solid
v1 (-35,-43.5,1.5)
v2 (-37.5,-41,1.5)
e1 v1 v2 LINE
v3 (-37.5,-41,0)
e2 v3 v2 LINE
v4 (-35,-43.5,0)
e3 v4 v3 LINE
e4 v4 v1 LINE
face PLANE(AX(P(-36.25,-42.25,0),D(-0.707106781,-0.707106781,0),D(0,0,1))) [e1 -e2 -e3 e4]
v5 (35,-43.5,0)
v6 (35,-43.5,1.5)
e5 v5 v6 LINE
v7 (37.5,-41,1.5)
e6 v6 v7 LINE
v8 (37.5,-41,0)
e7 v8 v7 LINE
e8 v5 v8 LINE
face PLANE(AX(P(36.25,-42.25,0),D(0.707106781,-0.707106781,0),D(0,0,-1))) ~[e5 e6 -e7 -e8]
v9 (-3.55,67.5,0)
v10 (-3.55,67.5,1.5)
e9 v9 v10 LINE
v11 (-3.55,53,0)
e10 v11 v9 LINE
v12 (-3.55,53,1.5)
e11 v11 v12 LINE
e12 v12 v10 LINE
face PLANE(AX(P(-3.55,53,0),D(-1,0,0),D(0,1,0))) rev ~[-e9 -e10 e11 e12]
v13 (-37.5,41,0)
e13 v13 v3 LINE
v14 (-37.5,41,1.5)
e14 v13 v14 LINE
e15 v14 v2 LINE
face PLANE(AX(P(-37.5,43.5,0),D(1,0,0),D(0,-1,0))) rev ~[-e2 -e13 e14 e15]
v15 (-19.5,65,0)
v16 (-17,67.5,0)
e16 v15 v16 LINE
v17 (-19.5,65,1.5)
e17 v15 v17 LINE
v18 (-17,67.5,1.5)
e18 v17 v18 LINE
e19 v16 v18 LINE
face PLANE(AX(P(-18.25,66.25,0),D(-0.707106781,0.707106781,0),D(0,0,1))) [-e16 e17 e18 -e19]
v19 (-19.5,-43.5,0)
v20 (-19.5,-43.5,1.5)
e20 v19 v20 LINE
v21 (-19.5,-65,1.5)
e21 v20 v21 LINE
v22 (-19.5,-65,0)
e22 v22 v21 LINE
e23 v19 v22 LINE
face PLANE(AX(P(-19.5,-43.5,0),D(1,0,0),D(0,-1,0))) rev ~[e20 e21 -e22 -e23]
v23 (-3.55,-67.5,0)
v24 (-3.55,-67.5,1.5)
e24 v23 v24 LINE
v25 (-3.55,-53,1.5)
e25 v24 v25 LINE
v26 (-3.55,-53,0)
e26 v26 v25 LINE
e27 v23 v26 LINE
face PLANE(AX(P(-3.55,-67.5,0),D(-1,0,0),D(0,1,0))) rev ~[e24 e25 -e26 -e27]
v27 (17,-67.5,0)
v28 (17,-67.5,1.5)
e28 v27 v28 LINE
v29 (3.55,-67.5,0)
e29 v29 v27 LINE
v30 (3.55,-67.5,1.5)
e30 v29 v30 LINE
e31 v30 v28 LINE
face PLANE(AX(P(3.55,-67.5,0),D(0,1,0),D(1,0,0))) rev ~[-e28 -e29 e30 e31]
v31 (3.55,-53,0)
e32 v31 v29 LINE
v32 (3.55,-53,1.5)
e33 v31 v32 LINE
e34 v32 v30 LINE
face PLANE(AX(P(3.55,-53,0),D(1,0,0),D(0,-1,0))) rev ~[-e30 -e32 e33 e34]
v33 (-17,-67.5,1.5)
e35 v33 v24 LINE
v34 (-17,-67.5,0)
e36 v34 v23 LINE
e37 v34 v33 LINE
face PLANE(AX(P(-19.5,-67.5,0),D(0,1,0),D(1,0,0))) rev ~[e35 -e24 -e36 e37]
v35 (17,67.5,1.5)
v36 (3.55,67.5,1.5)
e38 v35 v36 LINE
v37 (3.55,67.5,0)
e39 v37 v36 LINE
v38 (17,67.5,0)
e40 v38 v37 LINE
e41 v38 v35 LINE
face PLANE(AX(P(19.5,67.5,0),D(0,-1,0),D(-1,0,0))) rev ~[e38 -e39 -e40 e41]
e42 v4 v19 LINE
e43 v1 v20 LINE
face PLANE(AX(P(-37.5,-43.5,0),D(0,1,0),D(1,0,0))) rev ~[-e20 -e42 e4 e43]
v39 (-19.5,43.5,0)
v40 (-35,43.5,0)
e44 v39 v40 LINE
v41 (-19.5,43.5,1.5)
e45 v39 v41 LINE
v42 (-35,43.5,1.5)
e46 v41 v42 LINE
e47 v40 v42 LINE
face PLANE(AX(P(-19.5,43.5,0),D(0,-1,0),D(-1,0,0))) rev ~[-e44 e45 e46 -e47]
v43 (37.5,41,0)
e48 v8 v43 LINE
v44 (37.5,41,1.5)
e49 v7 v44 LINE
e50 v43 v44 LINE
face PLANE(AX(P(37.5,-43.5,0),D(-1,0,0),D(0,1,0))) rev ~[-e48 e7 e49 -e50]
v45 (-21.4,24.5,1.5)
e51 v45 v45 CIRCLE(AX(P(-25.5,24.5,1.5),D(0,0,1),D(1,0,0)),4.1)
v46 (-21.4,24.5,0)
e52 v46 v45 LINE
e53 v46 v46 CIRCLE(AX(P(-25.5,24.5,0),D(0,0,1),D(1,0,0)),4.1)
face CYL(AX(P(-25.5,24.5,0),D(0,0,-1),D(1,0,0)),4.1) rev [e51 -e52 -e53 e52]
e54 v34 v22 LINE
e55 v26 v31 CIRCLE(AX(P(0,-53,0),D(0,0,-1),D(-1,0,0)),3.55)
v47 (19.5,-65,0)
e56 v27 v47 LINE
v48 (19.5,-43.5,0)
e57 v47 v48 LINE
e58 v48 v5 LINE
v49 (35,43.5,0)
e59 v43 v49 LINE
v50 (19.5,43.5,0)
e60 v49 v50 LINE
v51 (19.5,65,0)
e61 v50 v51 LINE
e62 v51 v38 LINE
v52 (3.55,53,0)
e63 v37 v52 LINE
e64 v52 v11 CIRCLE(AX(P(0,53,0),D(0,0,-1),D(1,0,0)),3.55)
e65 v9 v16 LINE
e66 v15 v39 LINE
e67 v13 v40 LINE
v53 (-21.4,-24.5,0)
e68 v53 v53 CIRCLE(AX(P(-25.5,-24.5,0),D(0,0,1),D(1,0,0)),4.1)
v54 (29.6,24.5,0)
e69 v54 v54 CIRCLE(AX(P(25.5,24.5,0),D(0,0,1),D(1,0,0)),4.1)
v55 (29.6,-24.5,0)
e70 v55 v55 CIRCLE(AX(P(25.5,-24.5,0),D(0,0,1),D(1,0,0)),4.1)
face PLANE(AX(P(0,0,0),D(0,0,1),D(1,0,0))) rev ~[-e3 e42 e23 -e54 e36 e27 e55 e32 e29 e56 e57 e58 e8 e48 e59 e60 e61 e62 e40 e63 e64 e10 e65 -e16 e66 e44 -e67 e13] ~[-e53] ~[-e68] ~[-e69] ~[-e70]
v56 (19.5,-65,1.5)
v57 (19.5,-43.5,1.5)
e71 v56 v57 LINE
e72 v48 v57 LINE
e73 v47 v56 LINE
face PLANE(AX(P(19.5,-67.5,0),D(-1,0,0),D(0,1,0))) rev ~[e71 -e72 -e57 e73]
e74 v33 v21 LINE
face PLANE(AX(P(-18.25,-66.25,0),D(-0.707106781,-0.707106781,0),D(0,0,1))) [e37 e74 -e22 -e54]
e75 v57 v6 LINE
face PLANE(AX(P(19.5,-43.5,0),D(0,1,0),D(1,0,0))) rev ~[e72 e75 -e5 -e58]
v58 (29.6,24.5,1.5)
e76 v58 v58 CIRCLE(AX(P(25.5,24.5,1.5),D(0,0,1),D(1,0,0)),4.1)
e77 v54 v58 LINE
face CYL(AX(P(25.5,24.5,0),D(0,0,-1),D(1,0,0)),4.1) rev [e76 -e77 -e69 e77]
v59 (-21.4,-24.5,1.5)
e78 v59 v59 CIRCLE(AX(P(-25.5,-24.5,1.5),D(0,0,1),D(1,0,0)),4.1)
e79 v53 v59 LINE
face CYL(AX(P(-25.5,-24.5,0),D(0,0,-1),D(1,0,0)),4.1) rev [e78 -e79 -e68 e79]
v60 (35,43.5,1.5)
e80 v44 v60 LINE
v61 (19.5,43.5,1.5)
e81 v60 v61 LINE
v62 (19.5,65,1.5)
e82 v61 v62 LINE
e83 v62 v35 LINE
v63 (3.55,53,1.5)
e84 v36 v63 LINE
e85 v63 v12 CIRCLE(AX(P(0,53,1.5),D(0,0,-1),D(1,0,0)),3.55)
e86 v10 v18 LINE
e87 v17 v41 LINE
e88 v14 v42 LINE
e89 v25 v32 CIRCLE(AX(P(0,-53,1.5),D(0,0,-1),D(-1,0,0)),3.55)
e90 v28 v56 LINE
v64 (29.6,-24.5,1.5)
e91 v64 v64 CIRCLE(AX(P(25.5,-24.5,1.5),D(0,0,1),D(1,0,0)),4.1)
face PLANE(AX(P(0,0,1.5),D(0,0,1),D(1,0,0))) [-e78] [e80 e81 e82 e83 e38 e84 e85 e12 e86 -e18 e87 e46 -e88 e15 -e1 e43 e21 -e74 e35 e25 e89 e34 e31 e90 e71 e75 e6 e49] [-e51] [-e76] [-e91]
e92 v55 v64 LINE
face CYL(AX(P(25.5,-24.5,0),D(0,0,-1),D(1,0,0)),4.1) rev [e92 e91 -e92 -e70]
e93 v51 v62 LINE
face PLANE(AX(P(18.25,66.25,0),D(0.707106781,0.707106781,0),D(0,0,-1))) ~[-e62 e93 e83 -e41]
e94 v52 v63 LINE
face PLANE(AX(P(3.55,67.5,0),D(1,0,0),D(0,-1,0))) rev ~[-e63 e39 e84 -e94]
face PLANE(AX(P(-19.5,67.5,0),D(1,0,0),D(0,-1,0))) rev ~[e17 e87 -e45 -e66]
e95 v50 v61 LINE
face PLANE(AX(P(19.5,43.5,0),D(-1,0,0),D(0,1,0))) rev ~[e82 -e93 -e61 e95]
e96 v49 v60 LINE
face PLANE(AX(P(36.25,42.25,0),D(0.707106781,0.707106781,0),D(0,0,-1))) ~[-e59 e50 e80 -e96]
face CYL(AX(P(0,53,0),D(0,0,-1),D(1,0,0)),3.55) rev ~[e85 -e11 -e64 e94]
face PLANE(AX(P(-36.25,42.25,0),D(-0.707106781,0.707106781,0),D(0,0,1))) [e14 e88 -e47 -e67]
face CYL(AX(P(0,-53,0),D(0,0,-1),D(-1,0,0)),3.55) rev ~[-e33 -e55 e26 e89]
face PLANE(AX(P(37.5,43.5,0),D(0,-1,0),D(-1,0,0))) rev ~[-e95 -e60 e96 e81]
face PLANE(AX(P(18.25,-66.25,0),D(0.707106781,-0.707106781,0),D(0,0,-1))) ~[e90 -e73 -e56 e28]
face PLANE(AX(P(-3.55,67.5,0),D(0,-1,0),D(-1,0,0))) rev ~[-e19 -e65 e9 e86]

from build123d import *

# Parameters (mm, degrees)
F0_R     = 4.1
F1_DEPTH = 1.5
F2_SIZE  = 2.5


with BuildPart() as f1:
    # F0 (on Top) → F1 (new body)
    with BuildSketch(Plane.XY):
        with BuildLine():
            Line((3.55, -67.5), (19.5, -67.5))
            Line((19.5, -67.5), (19.5, -43.5))
            Line((19.5, -43.5), (37.5, -43.5))
            Line((37.5, -43.5), (37.5, 43.5))
            Line((37.5, 43.5), (19.5, 43.5))
            Line((19.5, 43.5), (19.5, 67.5))
            Line((19.5, 67.5), (3.55, 67.5))
            Line((3.55, 67.5), (3.55, 53))
            ThreePointArc((3.55, 53), (0, 49.45), (-3.55, 53))
            Line((-3.55, 53), (-3.55, 67.5))
            Line((-3.55, 67.5), (-19.5, 67.5))
            Line((-19.5, 67.5), (-19.5, 43.5))
            Line((-19.5, 43.5), (-37.5, 43.5))
            Line((-37.5, 43.5), (-37.5, -43.5))
            Line((-37.5, -43.5), (-19.5, -43.5))
            Line((-19.5, -43.5), (-19.5, -67.5))
            Line((-19.5, -67.5), (-3.55, -67.5))
            Line((-3.55, -67.5), (-3.55, -53))
            ThreePointArc((-3.55, -53), (0, -49.45), (3.55, -53))
            Line((3.55, -53), (3.55, -67.5))
        make_face()
        with Locations((-25.5, -24.5)):
            Circle(F0_R, mode=Mode.SUBTRACT)
        with Locations((25.5, -24.5)):
            Circle(F0_R, mode=Mode.SUBTRACT)
        with Locations((-25.5, 24.5)):
            Circle(F0_R, mode=Mode.SUBTRACT)
        with Locations((25.5, 24.5)):
            Circle(F0_R, mode=Mode.SUBTRACT)
    extrude(amount=F1_DEPTH)

    # F2
    f2_edges = [f1.edges().sort_by_distance(p)[0] for p in [
        (-37.5, 43.5, 0.75),
        (-19.5, 67.5, 0.75),
        (19.5, 67.5, 0.75),
        (37.5, 43.5, 0.75),
        (-37.5, -43.5, 0.75),
        (-19.5, -67.5, 0.75),
        (19.5, -67.5, 0.75),
        (37.5, -43.5, 0.75),
    ]]
    chamfer(f2_edges, length=F2_SIZE)


solid = f1.part
